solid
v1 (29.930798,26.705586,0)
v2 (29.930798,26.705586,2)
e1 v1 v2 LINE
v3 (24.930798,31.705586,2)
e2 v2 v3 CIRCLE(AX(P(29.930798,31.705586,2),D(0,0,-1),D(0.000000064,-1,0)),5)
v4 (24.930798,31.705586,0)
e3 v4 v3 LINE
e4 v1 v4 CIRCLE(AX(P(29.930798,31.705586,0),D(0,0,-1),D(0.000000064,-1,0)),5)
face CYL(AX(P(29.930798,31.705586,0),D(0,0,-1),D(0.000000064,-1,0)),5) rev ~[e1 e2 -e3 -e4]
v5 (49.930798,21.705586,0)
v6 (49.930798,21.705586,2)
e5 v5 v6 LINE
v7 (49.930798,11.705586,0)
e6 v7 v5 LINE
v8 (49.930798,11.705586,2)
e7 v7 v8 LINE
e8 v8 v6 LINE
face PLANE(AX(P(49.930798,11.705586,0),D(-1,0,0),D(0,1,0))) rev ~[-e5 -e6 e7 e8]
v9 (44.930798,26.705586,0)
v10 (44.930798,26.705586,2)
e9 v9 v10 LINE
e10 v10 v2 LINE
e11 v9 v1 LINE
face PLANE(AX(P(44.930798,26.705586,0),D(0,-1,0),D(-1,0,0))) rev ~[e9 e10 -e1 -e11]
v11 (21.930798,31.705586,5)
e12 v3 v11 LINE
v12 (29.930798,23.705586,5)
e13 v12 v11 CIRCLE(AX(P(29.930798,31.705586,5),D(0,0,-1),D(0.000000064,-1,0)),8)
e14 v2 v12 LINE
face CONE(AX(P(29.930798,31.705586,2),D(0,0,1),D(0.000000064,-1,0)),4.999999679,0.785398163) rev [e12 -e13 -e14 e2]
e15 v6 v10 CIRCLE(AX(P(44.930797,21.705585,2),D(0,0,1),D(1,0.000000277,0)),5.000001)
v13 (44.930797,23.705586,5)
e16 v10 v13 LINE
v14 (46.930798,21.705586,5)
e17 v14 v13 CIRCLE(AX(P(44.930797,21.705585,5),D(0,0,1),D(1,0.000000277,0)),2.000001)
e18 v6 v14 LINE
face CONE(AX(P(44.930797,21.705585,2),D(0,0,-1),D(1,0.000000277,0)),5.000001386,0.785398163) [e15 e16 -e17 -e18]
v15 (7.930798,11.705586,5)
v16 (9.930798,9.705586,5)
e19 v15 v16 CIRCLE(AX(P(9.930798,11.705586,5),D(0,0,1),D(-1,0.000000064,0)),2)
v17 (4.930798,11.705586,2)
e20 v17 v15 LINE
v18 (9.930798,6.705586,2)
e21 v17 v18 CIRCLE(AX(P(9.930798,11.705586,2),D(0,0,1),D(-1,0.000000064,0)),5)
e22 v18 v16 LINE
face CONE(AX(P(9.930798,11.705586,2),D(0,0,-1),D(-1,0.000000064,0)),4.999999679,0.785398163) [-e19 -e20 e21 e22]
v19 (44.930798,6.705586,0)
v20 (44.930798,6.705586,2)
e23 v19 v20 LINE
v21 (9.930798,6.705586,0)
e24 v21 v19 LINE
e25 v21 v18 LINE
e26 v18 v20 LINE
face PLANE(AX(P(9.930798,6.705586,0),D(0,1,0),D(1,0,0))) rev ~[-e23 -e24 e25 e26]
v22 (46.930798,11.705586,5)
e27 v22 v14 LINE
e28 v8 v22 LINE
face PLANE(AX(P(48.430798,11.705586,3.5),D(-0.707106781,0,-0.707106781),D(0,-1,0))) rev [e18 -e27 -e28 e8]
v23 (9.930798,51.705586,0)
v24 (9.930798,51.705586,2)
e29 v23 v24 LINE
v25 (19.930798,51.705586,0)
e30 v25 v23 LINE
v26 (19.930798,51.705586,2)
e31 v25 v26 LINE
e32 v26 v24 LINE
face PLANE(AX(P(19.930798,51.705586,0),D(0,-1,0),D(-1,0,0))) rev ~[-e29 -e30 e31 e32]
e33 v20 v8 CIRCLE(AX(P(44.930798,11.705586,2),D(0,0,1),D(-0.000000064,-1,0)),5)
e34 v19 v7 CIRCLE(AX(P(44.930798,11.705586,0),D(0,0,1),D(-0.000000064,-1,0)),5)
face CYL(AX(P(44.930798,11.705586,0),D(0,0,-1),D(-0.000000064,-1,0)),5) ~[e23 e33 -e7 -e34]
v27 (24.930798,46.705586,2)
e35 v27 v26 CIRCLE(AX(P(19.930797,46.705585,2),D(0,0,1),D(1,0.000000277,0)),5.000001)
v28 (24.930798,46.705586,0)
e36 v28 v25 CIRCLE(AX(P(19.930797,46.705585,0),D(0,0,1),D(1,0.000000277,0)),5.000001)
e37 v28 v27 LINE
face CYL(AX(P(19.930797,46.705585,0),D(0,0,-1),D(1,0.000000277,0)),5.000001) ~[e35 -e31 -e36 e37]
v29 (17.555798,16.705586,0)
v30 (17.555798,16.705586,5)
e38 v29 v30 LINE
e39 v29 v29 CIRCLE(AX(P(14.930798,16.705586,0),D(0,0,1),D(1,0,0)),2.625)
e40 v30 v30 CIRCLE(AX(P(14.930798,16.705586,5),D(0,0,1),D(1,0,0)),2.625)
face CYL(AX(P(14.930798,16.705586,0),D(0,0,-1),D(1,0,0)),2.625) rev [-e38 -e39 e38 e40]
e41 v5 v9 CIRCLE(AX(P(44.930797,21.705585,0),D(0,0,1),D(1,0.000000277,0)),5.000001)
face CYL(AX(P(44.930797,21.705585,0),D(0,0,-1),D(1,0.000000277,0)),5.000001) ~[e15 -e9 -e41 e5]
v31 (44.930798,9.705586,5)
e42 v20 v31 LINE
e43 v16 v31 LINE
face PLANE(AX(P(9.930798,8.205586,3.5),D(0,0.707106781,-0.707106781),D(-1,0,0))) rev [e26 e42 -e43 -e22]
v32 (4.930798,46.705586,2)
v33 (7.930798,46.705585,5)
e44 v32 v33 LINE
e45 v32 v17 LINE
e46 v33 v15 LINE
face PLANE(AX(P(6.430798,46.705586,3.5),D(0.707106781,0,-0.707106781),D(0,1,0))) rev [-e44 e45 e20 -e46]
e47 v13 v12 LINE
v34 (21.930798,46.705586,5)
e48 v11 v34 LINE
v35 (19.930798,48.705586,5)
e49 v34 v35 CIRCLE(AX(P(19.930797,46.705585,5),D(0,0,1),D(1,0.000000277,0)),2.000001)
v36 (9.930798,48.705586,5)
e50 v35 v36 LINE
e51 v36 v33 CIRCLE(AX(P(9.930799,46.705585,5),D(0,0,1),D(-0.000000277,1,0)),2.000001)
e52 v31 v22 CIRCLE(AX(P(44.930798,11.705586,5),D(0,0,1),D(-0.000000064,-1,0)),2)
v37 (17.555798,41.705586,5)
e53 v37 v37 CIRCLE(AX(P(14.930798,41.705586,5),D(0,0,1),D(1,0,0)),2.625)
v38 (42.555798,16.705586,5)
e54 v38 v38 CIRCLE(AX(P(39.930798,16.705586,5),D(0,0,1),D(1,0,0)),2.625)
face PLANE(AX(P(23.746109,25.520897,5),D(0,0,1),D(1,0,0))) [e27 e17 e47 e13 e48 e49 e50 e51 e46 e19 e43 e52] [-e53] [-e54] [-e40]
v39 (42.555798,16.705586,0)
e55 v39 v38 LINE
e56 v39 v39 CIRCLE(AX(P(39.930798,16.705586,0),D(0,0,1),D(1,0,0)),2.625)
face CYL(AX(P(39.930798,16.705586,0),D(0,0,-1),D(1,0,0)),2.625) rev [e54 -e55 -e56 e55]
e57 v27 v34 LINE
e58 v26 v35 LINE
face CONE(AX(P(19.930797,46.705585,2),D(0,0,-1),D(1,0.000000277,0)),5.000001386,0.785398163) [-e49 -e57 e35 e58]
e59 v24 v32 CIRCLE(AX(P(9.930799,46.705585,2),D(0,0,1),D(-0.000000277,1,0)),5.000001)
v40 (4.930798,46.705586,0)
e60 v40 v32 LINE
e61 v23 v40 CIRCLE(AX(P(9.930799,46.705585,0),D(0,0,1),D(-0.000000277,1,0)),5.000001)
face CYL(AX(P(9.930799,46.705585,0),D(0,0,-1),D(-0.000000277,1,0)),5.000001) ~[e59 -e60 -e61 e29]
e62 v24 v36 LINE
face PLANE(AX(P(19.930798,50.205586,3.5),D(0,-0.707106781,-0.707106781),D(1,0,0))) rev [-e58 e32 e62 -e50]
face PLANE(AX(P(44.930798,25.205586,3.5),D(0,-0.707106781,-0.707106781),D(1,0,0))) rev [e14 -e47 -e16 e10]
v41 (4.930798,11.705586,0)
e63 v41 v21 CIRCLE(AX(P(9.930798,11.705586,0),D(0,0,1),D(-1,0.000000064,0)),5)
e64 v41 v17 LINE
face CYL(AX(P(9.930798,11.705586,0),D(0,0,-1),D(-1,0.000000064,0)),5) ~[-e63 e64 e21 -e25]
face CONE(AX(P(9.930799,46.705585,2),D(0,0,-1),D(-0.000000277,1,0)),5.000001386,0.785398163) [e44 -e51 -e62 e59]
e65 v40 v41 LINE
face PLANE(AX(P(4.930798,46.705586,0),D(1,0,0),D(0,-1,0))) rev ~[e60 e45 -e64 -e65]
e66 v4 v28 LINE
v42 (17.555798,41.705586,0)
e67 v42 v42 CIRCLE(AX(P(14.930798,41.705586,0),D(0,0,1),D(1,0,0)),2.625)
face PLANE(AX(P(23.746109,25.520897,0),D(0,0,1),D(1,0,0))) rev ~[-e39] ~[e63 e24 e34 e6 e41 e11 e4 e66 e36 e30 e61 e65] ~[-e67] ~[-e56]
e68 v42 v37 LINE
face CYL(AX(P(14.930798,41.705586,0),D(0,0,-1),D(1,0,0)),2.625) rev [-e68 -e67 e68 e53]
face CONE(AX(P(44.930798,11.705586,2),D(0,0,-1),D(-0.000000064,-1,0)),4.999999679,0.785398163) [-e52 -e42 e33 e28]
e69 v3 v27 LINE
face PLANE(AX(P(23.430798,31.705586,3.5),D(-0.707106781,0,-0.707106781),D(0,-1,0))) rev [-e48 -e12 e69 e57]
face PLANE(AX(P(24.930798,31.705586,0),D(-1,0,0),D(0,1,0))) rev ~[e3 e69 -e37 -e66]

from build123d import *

# Parameters (mm, degrees)
F0_R     = 2.625
F1_DEPTH = 5
F2_SIZE  = 3


with BuildPart() as f1:
    # F0 (on Top) → F1 (new body)
    with BuildSketch(Plane.XY):
        with BuildLine():
            ThreePointArc((4.930798, 11.705586), (6.395264, 8.170052), (9.930798, 6.705586))
            Line((9.930798, 6.705586), (44.930798, 6.705586))
            ThreePointArc((44.930798, 6.705586), (48.466332, 8.170052), (49.930798, 11.705586))
            Line((49.930798, 11.705586), (49.930798, 21.705586))
            ThreePointArc((49.930798, 21.705586), (48.466332, 25.241119), (44.930798, 26.705586))
            Line((44.930798, 26.705586), (29.930798, 26.705586))
            ThreePointArc((29.930798, 26.705586), (26.395264, 28.170052), (24.930798, 31.705586))
            Line((24.930798, 31.705586), (24.930798, 46.705586))
            ThreePointArc((24.930798, 46.705586), (23.466332, 50.241119), (19.930798, 51.705586))
            Line((19.930798, 51.705586), (9.930798, 51.705586))
            ThreePointArc((9.930798, 51.705586), (6.395264, 50.241119), (4.930798, 46.705586))
            Line((4.930798, 46.705586), (4.930798, 26.705586))
            Line((4.930798, 26.705586), (4.930798, 11.705586))
        make_face()
        with Locations((14.930798, 16.705586)):
            Circle(F0_R, mode=Mode.SUBTRACT)
        with Locations((39.930798, 16.705586)):
            Circle(F0_R, mode=Mode.SUBTRACT)
        with Locations((14.930798, 41.705586)):
            Circle(F0_R, mode=Mode.SUBTRACT)
    extrude(amount=F1_DEPTH)

    # F2
    f2_edges = [f1.edges().sort_by_distance(p)[0] for p in [
        (14.930798, 51.705586, 5),
        (23.466332, 50.241119, 5),
        (24.930798, 39.205586, 5),
        (26.395264, 28.170052, 5),
        (37.430798, 26.705586, 5),
        (48.466332, 25.241119, 5),
        (49.930798, 16.705586, 5),
        (48.466332, 8.170052, 5),
        (27.430798, 6.705586, 5),
        (6.395264, 8.170052, 5),
        (4.930798, 29.205586, 5),
        (6.395264, 50.241119, 5),
    ]]
    chamfer(f2_edges, length=F2_SIZE)


solid = f1.part
